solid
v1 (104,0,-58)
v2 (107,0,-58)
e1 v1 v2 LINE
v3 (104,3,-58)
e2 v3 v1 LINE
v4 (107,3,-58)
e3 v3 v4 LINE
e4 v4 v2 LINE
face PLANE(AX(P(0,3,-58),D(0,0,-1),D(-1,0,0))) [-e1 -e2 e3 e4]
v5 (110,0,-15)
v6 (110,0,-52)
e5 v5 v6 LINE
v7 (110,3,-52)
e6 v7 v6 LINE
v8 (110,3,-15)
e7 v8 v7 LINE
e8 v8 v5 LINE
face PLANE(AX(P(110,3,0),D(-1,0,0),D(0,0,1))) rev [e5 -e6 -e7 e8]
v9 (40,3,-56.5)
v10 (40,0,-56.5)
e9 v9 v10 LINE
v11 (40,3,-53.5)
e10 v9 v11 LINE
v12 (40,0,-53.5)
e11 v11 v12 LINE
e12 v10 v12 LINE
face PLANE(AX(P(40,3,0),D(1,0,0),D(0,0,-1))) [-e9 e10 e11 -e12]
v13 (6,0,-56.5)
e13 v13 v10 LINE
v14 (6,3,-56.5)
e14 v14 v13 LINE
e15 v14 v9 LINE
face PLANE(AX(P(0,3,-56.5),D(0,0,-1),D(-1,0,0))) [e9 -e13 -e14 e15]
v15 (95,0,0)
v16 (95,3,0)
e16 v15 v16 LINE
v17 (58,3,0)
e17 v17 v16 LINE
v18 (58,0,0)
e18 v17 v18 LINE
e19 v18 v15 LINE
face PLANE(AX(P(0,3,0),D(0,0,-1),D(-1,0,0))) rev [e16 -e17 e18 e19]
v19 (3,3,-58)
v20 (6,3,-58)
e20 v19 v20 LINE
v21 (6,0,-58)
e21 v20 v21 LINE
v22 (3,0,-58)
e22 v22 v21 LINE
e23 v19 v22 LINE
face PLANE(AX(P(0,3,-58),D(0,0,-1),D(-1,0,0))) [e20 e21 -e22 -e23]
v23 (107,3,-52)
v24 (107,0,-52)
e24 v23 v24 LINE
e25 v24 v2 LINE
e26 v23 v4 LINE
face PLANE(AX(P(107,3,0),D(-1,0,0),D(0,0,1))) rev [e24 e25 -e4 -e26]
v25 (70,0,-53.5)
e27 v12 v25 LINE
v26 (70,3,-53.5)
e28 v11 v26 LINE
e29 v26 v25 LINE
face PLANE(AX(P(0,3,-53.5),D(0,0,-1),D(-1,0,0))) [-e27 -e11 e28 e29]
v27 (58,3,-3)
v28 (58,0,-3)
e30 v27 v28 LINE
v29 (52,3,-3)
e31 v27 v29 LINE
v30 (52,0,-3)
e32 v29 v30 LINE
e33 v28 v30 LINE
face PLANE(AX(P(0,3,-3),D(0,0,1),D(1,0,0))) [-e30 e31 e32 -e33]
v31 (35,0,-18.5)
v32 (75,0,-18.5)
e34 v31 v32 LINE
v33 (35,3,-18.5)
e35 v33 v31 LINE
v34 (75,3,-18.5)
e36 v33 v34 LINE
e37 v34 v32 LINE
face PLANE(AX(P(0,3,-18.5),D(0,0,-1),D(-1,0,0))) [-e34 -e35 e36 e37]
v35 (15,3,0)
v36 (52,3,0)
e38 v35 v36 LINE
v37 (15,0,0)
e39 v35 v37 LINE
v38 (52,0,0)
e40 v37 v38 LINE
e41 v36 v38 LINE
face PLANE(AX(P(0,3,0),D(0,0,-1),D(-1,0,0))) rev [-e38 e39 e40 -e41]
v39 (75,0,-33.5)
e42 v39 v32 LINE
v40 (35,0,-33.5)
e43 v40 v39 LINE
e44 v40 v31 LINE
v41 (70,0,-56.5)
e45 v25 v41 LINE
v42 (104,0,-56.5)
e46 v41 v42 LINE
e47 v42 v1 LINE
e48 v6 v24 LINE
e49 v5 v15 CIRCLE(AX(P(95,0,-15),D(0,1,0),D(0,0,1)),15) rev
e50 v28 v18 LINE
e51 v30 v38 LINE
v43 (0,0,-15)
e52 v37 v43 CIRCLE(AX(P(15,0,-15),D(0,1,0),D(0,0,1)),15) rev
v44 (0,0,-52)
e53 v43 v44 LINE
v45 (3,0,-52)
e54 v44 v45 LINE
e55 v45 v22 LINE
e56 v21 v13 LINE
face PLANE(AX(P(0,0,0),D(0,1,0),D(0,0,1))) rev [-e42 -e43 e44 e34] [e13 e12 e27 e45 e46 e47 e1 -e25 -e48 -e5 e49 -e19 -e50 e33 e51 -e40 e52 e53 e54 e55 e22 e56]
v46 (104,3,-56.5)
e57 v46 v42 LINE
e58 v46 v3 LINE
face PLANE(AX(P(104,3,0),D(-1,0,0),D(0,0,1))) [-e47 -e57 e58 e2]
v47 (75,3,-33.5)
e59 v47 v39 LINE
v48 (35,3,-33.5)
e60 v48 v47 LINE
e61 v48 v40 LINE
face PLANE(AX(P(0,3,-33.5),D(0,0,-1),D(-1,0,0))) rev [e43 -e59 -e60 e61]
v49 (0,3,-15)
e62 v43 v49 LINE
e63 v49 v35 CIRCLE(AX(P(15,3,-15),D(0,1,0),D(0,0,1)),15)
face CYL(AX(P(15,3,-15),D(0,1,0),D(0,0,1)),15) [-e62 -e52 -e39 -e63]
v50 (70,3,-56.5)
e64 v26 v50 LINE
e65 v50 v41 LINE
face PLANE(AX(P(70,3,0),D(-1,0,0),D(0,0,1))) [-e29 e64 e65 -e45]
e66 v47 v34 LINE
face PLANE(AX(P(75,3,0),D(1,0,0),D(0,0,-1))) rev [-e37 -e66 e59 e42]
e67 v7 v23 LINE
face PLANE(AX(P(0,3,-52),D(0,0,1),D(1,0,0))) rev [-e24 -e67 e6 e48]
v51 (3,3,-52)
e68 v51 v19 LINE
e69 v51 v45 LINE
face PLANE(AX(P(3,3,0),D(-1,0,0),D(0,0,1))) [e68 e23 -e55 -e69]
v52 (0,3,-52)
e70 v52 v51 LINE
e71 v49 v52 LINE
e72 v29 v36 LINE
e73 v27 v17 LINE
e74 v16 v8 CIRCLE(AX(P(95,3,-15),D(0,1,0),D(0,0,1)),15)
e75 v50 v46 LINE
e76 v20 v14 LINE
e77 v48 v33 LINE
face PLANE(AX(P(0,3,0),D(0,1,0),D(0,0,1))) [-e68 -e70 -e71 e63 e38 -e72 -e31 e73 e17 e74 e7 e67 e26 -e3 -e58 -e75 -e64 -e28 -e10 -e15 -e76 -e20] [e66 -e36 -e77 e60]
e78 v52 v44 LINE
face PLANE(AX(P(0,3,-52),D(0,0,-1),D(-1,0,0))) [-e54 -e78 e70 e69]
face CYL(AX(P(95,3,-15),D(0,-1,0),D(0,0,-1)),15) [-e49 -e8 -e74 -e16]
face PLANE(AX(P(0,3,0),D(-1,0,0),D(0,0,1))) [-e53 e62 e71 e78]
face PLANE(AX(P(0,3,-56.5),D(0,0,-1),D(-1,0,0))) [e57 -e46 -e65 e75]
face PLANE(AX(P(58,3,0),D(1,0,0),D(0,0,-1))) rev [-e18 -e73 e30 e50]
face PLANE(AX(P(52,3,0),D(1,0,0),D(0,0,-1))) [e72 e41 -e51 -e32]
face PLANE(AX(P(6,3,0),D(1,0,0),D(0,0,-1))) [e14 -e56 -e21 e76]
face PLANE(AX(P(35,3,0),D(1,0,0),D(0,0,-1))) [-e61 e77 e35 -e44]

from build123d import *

# Parameters (mm, degrees)
SKETCH_3_W      = 40
SKETCH_3_H      = 15
EXTRUDE_2_DEPTH = 3
FILLET1_R       = 15


with BuildPart() as part:
    # Эскиз3 → Бобышка-Вытянуть2 (new body)
    with BuildSketch(Plane(origin=(0, 0, 0), x_dir=(1, 0, 0), z_dir=(0, 1, 0))):
        Polygon((0, 52), (3, 52), (3, 58), (6, 58), (6, 56.5), (40, 56.5), (40, 53.5), (70, 53.5), (70, 56.5), (104, 56.5), (104, 58), (107, 58), (107, 52), (110, 52), (110, 0), (58, 0), (58, 3), (55, 3), (52, 3), (52, 0), (0, 0), align=None)
        with Locations((55, 26)):
            Rectangle(SKETCH_3_W, SKETCH_3_H, mode=Mode.SUBTRACT)
    extrude(amount=EXTRUDE_2_DEPTH)

    # Fillet1
    fillet1_edges = [part.edges().sort_by_distance(p)[0] for p in [
        (110, 1.5, 0),
        (0, 1.5, 0),
    ]]
    fillet(fillet1_edges, radius=FILLET1_R)


solid = part.part
